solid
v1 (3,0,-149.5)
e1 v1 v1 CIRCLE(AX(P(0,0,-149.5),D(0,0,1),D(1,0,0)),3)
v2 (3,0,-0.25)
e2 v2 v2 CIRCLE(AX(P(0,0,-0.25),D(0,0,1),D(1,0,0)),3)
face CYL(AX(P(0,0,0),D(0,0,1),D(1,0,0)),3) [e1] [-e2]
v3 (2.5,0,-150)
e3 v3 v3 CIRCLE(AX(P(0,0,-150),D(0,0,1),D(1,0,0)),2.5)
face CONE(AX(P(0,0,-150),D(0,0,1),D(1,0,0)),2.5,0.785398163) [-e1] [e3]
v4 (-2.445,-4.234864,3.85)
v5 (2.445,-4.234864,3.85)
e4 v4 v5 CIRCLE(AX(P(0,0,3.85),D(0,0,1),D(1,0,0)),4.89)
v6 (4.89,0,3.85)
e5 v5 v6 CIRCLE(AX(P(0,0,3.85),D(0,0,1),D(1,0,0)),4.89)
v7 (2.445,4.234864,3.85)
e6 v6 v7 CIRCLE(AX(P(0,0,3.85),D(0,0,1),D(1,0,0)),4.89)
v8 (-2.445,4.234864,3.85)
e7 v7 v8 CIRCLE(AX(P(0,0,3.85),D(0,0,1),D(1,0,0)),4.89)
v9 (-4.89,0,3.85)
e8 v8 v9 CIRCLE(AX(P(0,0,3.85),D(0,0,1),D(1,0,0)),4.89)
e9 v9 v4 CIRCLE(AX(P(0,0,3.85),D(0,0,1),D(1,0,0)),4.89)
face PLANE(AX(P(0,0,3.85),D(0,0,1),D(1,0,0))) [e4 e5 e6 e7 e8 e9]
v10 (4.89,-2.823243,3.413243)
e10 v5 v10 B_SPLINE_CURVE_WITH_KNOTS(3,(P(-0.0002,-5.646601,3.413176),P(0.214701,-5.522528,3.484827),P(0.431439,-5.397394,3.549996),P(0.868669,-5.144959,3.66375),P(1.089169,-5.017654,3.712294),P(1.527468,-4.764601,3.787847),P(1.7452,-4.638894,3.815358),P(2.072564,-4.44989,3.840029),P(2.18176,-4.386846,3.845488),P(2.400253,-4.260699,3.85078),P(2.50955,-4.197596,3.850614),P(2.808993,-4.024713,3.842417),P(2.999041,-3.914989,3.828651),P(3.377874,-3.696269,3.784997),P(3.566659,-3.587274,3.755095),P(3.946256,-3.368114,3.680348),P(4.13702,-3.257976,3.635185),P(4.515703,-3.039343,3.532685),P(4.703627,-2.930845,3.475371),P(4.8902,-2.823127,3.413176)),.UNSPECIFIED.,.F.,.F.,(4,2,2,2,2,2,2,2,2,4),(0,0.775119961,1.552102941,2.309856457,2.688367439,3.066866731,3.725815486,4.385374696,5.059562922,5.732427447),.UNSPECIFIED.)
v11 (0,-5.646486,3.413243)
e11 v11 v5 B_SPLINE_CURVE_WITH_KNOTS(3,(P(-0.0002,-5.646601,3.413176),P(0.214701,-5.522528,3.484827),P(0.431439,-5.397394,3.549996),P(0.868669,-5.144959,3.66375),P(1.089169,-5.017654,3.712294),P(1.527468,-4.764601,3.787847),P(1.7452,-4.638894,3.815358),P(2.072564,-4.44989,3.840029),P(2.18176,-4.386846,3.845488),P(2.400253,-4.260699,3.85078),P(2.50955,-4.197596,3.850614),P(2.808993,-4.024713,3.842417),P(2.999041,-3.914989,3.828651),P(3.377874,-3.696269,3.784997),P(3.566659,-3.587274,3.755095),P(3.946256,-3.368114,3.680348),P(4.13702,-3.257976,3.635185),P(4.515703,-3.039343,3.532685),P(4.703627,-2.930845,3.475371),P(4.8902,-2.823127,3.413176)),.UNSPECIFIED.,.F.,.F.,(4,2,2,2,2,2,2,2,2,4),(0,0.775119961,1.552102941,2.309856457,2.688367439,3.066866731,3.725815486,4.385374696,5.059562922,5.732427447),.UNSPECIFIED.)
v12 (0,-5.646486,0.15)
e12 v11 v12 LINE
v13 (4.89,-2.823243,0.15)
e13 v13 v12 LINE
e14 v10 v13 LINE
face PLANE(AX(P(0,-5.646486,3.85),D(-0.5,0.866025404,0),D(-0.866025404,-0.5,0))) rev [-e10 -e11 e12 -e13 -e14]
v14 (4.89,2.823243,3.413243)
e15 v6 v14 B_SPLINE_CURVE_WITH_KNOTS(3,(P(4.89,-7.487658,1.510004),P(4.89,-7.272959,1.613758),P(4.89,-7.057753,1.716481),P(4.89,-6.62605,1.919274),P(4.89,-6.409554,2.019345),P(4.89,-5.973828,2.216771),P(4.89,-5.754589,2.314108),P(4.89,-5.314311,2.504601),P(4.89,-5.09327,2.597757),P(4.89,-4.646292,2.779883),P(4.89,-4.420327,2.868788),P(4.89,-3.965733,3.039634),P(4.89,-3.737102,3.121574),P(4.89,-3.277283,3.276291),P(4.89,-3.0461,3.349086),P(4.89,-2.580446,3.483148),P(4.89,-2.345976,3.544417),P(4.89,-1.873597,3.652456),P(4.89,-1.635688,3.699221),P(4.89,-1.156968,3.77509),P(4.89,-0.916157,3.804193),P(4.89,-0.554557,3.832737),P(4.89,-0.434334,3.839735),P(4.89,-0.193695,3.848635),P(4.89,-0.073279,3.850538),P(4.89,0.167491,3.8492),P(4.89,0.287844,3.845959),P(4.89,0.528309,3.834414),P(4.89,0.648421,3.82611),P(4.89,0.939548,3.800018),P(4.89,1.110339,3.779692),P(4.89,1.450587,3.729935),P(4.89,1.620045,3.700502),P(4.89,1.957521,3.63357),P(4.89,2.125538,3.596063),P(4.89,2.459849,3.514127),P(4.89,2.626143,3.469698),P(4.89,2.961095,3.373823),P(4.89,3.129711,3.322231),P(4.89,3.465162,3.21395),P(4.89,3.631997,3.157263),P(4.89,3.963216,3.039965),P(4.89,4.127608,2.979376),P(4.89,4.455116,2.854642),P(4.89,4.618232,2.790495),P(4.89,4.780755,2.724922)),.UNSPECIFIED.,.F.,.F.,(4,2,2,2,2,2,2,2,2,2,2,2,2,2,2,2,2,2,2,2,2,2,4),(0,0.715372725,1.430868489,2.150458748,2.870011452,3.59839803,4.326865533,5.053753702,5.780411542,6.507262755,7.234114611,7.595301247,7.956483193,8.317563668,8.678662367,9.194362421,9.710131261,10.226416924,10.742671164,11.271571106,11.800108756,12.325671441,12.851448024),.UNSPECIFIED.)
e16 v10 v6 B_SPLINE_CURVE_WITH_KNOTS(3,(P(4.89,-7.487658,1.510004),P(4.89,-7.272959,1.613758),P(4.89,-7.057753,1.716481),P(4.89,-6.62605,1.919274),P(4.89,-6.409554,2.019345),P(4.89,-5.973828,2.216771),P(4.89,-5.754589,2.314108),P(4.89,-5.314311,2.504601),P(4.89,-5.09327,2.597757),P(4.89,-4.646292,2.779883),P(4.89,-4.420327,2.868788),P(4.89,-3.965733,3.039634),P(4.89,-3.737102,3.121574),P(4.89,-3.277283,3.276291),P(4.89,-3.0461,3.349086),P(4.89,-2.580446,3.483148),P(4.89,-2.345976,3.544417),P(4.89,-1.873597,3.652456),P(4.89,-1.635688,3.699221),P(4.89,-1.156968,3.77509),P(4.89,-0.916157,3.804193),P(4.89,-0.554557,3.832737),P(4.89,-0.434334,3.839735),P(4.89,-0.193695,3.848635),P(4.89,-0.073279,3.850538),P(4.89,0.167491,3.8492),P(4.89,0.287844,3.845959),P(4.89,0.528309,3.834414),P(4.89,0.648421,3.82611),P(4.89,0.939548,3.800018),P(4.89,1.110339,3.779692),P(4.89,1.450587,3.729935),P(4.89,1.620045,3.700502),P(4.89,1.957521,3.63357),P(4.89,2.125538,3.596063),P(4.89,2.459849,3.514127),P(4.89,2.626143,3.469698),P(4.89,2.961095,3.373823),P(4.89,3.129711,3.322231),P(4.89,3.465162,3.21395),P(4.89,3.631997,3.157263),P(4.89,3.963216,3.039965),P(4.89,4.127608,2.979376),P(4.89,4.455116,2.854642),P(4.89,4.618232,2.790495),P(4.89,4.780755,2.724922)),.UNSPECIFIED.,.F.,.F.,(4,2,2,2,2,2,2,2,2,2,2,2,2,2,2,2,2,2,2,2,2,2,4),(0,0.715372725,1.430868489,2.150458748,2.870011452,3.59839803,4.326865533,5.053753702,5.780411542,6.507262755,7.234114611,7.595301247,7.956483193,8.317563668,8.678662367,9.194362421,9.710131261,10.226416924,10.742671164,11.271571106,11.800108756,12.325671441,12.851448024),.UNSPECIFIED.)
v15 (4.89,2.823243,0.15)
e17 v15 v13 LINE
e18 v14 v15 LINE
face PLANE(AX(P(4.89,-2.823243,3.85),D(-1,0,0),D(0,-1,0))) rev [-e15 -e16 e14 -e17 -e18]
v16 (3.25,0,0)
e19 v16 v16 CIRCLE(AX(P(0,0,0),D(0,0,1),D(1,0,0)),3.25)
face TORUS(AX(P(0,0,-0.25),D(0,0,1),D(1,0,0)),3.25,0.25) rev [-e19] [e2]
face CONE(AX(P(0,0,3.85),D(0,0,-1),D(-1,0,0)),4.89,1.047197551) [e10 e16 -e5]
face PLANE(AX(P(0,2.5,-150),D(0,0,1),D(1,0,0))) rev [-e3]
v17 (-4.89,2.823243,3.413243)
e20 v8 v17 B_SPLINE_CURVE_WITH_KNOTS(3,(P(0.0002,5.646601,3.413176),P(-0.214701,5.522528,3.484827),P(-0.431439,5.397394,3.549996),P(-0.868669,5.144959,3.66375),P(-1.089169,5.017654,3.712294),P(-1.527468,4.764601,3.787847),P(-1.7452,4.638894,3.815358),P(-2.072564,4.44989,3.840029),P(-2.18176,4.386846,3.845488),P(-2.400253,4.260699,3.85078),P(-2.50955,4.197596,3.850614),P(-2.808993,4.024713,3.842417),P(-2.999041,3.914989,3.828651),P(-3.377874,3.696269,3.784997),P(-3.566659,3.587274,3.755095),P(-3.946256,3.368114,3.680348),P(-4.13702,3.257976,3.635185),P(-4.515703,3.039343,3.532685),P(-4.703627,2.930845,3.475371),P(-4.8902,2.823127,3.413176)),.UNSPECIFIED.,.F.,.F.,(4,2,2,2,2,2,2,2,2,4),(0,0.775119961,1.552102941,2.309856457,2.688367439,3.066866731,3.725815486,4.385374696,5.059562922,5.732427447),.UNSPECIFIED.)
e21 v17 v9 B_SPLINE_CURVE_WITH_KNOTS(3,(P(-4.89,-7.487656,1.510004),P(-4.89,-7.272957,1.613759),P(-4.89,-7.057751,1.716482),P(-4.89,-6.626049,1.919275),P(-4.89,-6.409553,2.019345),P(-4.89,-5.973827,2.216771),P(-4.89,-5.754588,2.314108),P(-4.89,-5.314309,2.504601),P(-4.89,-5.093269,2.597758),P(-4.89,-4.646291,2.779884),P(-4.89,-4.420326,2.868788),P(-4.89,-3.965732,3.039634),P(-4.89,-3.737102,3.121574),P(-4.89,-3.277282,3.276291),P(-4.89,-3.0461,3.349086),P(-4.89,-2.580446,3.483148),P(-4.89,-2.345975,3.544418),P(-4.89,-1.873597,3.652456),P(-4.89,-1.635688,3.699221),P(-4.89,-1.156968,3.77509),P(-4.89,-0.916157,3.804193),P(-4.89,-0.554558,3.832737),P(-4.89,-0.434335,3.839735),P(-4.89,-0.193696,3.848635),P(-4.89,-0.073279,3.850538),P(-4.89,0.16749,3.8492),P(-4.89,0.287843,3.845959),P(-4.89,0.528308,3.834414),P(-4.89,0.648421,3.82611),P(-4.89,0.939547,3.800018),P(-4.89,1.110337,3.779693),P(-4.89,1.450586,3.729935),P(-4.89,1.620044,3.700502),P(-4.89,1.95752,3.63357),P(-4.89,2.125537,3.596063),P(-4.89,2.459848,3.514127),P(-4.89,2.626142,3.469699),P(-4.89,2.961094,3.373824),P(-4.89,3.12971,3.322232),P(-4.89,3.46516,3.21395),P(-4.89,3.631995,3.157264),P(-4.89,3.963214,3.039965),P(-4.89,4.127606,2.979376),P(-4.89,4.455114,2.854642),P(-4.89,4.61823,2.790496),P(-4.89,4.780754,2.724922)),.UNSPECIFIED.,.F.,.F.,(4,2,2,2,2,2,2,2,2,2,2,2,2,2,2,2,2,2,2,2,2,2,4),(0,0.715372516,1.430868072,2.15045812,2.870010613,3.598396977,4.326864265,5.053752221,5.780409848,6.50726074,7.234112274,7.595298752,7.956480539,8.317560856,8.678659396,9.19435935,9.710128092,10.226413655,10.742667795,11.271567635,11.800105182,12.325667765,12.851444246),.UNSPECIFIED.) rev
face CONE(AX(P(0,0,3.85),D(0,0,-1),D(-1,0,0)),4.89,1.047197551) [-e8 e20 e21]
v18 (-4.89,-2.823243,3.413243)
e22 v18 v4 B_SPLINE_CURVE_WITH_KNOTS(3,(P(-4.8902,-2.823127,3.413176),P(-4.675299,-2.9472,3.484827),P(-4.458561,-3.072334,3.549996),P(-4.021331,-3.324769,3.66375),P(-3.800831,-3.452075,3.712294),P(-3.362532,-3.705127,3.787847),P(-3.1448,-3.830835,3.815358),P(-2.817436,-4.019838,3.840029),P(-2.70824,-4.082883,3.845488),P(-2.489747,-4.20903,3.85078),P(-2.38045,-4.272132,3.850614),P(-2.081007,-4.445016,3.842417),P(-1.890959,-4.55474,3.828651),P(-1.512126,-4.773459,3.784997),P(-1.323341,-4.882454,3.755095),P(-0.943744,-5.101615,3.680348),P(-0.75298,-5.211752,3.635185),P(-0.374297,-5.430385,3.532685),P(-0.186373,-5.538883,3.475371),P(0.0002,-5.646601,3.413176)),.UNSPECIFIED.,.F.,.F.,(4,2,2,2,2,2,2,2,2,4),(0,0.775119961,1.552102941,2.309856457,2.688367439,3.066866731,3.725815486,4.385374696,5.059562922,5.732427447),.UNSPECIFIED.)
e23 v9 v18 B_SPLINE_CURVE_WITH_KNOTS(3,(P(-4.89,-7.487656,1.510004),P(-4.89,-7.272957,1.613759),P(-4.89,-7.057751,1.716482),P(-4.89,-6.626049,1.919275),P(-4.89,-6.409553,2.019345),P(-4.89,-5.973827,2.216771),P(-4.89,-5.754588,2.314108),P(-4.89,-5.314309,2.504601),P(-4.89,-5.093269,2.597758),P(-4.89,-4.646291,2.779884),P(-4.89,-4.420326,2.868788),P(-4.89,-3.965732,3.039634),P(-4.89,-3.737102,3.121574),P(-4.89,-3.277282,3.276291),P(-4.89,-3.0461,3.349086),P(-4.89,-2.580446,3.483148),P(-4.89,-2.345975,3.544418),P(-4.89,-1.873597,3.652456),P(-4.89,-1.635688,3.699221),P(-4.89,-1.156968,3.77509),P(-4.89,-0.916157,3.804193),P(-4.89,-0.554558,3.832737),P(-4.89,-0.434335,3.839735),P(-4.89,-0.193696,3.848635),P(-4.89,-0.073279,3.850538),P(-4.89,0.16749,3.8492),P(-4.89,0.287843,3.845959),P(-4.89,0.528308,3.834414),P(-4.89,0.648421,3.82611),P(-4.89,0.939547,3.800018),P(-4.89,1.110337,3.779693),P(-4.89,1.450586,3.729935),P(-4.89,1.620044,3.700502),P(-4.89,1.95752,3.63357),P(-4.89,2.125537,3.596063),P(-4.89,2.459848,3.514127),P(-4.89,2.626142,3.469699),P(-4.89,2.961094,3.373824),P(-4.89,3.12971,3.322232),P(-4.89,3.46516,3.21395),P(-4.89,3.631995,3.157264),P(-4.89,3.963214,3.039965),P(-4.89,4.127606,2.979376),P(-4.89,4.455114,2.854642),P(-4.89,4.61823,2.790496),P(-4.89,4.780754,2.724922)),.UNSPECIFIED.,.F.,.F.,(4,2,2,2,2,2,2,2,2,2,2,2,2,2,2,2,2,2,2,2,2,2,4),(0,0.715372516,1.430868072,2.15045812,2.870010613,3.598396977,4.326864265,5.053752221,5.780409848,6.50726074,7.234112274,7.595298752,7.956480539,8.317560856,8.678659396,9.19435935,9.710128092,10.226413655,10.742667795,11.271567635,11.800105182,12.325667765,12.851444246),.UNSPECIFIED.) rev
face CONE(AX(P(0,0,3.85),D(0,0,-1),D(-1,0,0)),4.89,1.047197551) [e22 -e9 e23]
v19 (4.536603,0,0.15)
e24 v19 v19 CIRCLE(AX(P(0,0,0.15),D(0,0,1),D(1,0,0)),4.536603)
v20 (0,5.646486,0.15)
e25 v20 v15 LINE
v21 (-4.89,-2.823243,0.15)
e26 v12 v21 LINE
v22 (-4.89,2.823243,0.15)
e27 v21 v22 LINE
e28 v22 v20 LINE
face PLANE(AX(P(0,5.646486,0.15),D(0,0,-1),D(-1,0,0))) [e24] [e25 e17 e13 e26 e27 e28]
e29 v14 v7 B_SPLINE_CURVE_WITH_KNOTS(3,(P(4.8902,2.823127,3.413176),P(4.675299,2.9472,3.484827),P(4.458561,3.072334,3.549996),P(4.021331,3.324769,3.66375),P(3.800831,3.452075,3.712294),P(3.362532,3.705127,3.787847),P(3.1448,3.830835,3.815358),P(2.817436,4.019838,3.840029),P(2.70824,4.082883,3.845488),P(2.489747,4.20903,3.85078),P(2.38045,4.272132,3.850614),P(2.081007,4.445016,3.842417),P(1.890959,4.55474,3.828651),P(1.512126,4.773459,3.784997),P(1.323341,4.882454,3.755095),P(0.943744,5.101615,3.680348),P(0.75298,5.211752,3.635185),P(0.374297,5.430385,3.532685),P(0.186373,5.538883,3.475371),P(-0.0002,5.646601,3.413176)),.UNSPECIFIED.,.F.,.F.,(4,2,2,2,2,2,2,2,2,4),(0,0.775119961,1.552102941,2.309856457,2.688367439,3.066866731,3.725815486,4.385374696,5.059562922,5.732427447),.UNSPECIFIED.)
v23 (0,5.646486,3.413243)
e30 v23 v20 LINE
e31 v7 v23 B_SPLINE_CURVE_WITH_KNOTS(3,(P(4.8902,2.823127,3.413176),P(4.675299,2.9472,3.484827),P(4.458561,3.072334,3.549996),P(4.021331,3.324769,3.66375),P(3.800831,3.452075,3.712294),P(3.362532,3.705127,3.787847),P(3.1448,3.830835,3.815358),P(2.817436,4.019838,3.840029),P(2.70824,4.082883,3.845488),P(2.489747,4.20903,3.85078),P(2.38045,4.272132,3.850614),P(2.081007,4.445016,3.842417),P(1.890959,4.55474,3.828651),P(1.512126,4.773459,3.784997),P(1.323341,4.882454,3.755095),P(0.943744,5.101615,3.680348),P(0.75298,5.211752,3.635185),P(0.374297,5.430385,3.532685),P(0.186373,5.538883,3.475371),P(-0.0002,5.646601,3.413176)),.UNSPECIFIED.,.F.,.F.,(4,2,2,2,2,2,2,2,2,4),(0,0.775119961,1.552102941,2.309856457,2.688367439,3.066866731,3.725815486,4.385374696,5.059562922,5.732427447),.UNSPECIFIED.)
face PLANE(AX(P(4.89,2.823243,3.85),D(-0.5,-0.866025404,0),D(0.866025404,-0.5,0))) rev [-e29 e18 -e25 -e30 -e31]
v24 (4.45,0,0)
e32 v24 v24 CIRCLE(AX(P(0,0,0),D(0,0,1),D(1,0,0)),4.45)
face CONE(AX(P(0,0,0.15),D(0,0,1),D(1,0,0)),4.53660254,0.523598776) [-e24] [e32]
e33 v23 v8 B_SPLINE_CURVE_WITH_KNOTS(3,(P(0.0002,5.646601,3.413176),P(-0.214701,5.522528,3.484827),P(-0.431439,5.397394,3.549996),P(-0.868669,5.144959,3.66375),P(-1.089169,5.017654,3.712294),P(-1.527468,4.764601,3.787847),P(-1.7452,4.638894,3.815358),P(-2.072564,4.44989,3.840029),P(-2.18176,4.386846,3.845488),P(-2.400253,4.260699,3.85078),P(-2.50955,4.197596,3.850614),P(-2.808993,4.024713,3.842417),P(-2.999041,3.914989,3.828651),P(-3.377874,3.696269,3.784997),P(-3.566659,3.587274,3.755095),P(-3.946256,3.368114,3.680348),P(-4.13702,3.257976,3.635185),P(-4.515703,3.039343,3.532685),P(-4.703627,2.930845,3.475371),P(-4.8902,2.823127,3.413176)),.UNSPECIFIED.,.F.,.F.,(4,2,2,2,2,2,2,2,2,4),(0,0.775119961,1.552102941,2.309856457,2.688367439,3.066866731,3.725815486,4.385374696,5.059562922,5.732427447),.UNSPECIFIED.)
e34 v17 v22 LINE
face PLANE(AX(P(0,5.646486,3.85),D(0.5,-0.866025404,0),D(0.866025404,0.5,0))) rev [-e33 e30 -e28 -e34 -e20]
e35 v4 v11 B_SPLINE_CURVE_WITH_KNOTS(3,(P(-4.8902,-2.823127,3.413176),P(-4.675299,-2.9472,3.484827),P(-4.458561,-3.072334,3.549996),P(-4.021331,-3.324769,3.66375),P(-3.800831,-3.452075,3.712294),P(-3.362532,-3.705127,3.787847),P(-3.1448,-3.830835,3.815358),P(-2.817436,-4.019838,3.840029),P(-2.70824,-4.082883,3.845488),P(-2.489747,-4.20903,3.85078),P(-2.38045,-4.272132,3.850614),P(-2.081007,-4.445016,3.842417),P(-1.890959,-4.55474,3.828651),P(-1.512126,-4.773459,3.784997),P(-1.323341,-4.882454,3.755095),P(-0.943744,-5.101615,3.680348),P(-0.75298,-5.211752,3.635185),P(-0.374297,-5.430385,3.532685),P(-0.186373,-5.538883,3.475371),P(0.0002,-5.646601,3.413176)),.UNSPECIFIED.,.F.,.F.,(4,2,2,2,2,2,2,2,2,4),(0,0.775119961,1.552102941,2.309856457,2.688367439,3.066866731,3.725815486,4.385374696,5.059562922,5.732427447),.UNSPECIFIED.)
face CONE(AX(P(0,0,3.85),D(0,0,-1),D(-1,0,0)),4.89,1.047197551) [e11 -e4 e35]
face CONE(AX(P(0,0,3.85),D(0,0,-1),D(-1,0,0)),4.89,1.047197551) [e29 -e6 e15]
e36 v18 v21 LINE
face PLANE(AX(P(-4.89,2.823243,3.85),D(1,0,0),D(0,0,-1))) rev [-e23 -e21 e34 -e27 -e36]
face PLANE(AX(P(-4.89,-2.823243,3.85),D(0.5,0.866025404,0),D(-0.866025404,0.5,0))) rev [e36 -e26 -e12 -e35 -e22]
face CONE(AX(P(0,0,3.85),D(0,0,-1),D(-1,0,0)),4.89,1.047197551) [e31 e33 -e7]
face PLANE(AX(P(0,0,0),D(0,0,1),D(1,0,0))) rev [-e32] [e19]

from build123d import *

# Parameters (mm, degrees)
BOSS_EXTRUDE1_DEPTH = 3.85


with BuildPart() as part:
    # Sketch1 → Boss-Extrude1 (new body)
    with BuildSketch(Plane.XY):
        Polygon((0, 5.646485633), (-4.89, 2.823242816), (-4.89, -2.823242816), (0, -5.646485633), (4.89, -2.823242816), (4.89, 2.823242816), align=None)
    extrude(amount=BOSS_EXTRUDE1_DEPTH)

    # Sketch2 → Revolve1 (revolve)
    with BuildSketch(Plane(origin=(0, 0, 0), x_dir=(0, 0, -1), z_dir=(1, 0, 0))):
        with BuildLine():
            Line((0, 0), (0, 3.25))
            ThreePointArc((0, 3.25), (0.073223305, 3.073223305), (0.25, 3))
            Line((0.25, 3), (149.5, 3))
            Line((149.5, 3), (150, 2.5))
            Line((150, 2.5), (150, 0))
            Line((150, 0), (0, 0))
        make_face()
    revolve(axis=Axis((0, 0, 0), (0, 0, -1)))

    # Sketch3 → Cut-Revolve1 (revolve, cut)
    with BuildSketch(Plane(origin=(0, 0, 0), x_dir=(0, 0, -1), z_dir=(1, 0, 0))):
        Polygon((-3.85, 5.646485633), (-3.413242816, 5.646485633), (-3.85, 4.89), align=None)
        Polygon((-0.15, 5.646485633), (-0.15, 4.53660254), (0, 4.45), (0, 5.646485633), align=None)
    revolve(axis=Axis((0, 0, 12.204941078), (0, 0, -1)), mode=Mode.SUBTRACT)


solid = part.part
